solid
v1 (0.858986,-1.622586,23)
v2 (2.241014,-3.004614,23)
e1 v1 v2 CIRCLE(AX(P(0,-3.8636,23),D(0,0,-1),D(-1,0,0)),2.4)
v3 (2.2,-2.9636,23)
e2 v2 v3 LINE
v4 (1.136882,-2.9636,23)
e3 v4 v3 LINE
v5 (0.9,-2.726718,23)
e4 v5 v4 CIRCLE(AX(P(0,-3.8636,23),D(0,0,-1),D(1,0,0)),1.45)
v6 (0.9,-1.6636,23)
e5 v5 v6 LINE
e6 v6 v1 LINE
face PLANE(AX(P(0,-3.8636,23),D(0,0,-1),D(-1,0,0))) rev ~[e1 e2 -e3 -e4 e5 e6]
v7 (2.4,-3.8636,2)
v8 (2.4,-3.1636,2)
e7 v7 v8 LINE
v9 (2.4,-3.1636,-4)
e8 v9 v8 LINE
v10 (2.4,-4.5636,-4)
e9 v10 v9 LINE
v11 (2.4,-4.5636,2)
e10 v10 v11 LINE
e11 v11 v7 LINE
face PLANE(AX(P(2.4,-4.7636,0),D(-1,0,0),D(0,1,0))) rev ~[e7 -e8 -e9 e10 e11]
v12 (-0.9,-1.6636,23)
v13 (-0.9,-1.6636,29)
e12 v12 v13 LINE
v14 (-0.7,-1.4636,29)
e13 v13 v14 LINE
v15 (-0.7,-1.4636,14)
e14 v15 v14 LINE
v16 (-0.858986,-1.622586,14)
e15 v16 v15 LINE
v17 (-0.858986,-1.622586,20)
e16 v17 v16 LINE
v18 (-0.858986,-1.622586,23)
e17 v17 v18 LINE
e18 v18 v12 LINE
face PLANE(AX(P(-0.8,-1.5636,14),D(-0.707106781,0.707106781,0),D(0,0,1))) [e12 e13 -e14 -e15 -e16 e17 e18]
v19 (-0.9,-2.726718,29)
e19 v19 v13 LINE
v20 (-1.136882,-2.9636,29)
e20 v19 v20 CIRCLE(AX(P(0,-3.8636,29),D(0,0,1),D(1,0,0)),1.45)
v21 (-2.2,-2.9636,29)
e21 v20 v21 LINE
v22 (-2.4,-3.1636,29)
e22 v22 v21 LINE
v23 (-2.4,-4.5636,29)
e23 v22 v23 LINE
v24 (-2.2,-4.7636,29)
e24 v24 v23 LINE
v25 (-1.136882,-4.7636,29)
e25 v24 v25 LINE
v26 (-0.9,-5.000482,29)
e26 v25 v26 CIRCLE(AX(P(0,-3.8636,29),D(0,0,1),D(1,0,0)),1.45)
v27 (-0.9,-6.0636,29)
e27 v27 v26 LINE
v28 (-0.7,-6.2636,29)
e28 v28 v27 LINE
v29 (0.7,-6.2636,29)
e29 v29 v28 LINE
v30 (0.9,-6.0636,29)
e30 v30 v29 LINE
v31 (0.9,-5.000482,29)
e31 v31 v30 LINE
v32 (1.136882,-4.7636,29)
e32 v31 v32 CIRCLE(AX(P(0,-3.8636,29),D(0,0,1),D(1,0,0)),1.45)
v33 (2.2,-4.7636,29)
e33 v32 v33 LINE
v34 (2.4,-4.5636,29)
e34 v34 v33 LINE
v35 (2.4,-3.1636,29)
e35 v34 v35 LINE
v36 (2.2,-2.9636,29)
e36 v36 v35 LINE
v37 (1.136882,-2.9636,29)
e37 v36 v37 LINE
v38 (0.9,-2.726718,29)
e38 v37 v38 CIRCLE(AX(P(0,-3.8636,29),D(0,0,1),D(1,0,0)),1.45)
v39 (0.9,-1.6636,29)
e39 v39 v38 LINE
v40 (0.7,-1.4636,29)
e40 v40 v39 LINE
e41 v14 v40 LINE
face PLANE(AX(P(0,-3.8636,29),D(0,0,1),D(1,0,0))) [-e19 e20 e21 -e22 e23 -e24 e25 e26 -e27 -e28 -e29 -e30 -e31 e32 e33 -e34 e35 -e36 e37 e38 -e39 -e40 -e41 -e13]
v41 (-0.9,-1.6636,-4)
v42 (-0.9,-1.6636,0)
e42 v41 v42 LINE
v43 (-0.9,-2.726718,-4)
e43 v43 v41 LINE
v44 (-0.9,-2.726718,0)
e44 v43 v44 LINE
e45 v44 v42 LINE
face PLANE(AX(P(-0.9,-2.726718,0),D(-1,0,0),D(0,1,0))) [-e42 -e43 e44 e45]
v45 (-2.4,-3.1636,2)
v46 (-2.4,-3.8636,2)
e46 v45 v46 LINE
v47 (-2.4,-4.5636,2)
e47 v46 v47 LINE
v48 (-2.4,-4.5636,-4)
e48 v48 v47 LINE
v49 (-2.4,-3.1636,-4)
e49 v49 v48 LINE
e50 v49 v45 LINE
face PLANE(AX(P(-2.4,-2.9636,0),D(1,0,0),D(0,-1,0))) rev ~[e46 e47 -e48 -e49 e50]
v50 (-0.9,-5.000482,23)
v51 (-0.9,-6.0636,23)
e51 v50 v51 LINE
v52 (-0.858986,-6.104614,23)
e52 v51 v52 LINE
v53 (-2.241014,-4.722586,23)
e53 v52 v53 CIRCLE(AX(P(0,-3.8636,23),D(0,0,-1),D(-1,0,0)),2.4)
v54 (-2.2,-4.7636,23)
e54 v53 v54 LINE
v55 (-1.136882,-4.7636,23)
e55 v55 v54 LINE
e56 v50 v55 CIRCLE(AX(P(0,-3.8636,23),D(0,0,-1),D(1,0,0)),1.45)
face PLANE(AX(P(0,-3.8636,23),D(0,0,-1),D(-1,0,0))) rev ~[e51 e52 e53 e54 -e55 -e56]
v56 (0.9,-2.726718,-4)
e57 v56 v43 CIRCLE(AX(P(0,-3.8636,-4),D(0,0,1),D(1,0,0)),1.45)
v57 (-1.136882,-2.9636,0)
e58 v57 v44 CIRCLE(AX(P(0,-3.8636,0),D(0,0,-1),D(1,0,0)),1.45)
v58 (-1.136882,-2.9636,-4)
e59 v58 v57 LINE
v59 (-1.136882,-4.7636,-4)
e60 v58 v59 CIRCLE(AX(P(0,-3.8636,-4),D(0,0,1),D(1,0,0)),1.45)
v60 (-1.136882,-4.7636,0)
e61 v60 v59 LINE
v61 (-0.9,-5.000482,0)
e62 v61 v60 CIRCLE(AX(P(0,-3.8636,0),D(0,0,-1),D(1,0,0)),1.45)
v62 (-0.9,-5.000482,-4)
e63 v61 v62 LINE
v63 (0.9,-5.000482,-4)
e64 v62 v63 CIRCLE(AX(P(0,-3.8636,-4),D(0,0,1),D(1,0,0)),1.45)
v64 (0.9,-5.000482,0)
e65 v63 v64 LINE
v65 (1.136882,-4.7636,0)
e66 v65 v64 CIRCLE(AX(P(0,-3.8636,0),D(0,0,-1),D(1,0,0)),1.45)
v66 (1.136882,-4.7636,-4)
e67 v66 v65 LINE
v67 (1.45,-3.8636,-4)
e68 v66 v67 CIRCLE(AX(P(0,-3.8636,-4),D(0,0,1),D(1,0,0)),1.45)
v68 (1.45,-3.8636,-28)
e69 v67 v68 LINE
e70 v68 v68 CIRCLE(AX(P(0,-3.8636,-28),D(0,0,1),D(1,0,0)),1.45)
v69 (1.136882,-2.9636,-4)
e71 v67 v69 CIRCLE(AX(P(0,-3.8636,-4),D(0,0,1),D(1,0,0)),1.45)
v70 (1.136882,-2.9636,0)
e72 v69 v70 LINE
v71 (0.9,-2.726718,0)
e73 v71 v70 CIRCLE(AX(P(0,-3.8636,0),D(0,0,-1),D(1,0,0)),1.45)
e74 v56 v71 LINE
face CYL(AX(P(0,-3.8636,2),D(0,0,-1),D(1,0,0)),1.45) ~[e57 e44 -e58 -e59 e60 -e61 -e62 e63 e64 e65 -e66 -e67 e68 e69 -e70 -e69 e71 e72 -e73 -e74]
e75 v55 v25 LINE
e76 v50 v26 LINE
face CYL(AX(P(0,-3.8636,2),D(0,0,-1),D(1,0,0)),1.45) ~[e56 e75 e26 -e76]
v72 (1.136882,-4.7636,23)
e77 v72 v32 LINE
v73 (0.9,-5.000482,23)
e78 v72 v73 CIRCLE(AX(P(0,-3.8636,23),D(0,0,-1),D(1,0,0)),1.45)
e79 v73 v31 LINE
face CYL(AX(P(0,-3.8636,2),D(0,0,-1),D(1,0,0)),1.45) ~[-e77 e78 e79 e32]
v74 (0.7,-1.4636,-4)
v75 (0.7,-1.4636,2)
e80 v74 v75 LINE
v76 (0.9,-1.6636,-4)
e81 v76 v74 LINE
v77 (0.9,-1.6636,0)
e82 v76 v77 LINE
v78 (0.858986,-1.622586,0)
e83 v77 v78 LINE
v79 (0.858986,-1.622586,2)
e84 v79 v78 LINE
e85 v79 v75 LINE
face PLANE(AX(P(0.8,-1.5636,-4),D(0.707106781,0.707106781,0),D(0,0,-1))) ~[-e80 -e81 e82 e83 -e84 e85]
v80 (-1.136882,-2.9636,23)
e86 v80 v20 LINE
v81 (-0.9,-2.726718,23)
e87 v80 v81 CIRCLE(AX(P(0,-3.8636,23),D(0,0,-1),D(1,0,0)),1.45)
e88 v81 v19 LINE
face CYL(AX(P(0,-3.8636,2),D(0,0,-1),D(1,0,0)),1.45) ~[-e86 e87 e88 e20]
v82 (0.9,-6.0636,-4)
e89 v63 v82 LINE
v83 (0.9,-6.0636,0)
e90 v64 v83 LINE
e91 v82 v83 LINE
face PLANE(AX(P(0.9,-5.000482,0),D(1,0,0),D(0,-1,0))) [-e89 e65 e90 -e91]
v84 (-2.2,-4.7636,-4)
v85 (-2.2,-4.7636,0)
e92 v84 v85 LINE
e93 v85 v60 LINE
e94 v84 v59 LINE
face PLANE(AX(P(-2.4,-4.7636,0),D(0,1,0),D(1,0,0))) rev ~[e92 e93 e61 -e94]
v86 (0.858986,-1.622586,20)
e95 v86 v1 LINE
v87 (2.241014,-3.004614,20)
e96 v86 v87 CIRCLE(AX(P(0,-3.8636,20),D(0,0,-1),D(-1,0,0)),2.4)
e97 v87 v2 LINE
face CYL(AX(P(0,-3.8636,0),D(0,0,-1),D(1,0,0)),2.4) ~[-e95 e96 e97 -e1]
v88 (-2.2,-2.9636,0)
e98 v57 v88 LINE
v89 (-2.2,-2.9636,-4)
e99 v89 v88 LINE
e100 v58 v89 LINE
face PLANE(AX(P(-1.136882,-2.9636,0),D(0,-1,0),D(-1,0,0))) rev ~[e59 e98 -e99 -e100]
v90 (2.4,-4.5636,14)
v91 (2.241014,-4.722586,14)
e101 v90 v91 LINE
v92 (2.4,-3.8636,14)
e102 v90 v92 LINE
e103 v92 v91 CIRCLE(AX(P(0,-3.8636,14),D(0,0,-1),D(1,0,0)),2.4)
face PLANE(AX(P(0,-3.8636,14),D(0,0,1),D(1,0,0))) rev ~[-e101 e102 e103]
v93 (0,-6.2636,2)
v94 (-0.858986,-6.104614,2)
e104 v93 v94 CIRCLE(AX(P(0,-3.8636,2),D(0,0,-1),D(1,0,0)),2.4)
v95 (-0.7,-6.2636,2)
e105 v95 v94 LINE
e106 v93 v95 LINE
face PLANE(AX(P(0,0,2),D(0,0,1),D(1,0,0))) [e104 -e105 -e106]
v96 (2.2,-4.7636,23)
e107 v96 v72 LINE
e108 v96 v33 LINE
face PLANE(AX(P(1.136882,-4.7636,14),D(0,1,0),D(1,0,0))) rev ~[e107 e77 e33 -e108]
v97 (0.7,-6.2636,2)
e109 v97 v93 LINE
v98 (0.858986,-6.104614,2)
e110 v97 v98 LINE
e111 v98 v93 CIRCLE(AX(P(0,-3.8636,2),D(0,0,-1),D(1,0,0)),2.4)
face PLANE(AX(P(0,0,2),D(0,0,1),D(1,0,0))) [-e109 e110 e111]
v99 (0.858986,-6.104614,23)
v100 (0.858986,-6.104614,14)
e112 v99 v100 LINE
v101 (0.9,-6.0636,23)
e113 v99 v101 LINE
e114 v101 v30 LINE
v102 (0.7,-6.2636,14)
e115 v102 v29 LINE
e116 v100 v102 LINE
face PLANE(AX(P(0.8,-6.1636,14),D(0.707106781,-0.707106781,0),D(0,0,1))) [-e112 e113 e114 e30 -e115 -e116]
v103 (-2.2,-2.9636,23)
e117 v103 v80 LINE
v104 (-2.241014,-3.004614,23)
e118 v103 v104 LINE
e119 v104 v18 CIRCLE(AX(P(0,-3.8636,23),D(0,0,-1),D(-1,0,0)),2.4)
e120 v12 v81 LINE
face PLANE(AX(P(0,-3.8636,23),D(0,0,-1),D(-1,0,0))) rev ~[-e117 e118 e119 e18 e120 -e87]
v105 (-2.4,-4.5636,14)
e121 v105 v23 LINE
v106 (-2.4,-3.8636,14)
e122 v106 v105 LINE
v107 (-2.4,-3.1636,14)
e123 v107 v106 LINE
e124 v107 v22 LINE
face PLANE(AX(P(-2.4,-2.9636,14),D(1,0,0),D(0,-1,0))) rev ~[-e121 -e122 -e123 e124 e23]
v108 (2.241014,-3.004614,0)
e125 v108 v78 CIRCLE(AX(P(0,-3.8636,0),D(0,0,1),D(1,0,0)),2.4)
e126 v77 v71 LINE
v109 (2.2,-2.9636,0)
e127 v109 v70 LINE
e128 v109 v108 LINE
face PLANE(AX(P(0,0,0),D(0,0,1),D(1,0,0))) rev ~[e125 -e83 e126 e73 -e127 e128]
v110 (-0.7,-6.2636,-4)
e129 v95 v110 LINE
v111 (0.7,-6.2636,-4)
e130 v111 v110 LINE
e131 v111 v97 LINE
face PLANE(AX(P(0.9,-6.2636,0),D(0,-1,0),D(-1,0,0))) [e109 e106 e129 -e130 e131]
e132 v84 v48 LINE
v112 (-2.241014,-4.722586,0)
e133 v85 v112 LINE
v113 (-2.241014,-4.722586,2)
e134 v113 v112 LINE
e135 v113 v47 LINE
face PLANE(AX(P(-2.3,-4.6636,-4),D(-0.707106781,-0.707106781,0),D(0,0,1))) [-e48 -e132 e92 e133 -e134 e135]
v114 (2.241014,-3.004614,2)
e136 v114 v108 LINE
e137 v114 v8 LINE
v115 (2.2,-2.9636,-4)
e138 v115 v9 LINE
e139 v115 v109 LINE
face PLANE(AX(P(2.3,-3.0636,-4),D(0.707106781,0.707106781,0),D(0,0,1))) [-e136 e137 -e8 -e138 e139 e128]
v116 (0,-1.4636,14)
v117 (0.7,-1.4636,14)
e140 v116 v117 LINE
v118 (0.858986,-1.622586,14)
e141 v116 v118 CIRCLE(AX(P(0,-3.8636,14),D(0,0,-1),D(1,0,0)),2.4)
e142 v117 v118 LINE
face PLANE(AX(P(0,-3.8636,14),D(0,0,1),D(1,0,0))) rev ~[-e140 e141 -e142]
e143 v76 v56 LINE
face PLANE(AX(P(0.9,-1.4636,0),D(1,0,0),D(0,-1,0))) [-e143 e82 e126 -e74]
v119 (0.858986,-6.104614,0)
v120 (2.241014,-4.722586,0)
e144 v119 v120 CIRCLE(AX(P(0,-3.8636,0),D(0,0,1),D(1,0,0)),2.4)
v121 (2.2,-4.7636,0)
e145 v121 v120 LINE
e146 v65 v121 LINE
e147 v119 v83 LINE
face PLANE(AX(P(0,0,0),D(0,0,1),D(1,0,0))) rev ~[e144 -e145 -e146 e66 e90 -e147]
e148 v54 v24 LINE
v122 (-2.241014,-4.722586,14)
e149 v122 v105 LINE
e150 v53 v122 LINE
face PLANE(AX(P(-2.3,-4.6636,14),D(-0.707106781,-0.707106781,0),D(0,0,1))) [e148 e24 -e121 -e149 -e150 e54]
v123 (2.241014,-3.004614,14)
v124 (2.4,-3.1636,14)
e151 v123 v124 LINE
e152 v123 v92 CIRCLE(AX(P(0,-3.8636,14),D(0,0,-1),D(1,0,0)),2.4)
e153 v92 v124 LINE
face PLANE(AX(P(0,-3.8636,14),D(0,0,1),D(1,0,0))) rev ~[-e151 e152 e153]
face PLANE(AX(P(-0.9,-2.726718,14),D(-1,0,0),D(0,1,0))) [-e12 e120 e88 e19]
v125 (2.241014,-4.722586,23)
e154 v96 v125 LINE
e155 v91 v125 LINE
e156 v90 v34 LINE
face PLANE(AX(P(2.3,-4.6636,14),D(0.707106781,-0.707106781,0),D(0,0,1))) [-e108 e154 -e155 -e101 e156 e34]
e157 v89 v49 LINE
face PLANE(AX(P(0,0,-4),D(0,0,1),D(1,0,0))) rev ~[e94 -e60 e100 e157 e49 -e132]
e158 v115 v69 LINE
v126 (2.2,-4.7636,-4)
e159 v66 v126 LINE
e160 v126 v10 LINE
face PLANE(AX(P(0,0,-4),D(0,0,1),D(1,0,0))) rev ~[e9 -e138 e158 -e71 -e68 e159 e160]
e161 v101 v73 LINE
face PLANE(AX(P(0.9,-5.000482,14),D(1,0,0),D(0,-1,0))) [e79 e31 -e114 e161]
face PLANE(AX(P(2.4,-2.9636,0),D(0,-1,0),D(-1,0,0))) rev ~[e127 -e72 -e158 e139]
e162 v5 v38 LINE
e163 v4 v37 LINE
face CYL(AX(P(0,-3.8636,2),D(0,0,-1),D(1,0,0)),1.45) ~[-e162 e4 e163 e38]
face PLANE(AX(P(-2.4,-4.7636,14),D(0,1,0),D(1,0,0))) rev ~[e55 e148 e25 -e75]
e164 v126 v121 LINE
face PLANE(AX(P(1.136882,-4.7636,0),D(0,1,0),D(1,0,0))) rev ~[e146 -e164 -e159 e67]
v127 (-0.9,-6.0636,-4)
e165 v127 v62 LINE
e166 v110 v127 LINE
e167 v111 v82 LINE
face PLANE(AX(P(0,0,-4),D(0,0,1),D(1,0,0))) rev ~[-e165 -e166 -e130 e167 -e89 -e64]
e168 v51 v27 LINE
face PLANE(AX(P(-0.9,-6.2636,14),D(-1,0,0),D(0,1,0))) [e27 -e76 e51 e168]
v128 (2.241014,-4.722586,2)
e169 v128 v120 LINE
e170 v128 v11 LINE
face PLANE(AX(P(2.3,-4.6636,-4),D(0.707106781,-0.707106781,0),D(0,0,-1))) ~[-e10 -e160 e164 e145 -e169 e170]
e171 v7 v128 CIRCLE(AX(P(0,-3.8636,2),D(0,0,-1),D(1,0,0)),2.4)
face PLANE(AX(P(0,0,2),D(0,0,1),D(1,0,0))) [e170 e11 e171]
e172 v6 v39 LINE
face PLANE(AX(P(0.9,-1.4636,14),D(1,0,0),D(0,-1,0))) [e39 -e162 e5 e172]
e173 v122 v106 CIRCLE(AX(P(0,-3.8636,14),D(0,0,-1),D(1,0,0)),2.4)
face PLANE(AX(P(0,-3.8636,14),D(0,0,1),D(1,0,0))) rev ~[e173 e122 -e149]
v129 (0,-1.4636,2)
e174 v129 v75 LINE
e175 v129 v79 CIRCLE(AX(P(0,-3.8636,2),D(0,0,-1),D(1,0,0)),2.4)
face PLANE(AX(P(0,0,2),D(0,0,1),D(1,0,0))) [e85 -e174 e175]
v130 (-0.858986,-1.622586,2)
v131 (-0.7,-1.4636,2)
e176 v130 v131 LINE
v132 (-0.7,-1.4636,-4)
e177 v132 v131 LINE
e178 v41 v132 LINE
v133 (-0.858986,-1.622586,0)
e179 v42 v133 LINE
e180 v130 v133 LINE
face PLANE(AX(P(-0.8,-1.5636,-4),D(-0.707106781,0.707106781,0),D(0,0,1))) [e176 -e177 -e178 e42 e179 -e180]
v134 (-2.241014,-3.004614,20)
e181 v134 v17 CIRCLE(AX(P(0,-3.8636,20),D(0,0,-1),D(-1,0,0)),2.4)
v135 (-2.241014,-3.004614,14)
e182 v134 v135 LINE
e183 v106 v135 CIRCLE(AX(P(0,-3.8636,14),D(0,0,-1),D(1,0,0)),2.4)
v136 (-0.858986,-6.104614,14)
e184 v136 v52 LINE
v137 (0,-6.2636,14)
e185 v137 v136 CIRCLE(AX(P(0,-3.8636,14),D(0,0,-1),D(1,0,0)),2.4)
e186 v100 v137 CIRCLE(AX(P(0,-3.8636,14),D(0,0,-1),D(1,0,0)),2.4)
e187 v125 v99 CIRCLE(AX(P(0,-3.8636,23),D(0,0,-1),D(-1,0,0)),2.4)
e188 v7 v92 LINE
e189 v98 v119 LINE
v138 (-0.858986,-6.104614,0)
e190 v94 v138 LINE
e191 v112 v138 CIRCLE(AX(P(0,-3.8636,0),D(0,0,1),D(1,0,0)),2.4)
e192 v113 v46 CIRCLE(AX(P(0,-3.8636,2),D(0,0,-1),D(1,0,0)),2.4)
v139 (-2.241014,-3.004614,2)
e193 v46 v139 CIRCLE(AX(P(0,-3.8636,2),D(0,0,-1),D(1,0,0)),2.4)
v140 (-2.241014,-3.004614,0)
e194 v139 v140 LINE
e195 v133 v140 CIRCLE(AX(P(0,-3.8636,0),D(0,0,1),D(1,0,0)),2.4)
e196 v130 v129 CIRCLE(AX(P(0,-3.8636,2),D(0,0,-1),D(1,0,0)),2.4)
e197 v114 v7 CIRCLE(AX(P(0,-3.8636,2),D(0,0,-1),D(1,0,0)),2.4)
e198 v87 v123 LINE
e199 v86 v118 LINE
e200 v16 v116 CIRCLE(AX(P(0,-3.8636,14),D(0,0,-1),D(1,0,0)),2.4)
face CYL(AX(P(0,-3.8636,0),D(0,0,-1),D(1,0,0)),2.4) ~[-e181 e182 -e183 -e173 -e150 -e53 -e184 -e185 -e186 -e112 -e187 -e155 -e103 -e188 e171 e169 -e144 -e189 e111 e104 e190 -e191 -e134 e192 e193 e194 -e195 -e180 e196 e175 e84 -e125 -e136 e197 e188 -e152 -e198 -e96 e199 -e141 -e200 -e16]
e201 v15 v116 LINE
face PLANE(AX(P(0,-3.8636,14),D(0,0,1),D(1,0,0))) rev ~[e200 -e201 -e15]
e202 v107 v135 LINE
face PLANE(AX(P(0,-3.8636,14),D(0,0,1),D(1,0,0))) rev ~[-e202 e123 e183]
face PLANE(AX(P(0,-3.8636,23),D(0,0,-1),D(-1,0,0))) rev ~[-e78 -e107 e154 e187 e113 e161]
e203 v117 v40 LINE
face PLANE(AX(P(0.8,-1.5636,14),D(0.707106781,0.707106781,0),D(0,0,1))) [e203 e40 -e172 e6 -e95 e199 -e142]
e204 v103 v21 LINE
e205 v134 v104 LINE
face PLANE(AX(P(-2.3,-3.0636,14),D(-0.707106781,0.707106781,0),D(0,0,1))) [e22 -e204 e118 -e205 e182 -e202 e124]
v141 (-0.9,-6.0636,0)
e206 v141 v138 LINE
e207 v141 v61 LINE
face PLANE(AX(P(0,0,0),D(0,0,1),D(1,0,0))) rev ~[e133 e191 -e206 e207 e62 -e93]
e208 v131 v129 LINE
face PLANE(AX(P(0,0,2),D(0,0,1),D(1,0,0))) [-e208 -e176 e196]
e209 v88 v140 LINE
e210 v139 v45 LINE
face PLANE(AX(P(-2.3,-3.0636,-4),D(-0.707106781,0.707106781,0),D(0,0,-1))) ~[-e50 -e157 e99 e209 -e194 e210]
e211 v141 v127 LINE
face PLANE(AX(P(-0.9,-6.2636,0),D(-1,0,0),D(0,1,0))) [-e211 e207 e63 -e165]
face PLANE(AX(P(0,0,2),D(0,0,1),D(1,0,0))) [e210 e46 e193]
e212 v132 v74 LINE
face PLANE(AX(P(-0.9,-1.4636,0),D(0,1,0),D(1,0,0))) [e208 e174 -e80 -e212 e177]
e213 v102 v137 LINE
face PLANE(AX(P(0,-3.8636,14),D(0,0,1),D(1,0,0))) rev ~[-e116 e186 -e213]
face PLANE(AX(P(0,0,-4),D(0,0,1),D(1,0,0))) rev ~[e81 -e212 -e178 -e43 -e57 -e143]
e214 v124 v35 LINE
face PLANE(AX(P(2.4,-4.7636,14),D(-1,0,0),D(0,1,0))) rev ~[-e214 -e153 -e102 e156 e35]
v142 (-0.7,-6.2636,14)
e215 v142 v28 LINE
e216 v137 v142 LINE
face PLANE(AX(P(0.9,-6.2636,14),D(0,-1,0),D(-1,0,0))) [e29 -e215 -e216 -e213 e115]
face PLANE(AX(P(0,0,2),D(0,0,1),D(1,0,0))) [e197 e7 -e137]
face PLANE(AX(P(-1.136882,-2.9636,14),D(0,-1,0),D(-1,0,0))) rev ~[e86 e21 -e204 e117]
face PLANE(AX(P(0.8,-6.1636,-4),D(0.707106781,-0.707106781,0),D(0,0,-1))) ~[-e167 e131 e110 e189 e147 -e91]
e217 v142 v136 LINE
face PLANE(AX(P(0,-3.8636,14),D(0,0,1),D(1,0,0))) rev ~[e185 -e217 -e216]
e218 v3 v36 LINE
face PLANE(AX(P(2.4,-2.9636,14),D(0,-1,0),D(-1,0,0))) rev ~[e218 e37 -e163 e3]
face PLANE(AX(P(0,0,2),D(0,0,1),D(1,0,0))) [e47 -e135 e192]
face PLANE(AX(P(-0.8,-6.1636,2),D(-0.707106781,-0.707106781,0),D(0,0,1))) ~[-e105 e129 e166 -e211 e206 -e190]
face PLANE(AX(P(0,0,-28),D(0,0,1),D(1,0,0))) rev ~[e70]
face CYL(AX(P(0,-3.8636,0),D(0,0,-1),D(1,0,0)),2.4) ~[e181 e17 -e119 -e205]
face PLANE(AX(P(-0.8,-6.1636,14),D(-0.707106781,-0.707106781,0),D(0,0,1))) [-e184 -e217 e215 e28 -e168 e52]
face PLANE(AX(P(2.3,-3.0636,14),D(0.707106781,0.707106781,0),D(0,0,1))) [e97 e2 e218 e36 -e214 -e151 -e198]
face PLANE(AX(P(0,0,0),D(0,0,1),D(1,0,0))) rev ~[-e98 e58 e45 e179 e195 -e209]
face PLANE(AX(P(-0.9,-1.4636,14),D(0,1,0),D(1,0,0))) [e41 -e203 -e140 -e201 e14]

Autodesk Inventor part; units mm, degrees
ref_plane "YZ Plane" through (0, 0, 0) normal (1, 0, 0) x (0, 1, 0)
sketch "Boceto2" plane through (0, 0, 0) normal (0, 0, 1) x (1, 0, 0)
  line L0 (0.9, -6.2636) -> (-0.9, -6.2636)
  line L1 (-0.9, -6.2636) -> (-0.9, -1.4636)
  line L2 (-0.9, -1.4636) -> (0.9, -1.4636)
  line L3 (0.9, -1.4636) -> (0.9, -6.2636)
  line L4 (0.9, -6.2636) -> (-0.9, -1.4636) construction
  line L5 (-0.9, -6.2636) -> (0.9, -1.4636) construction
  line L6 (-2.4, -4.7636) -> (2.4, -4.7636)
  line L7 (2.4, -4.7636) -> (2.4, -2.9636)
  line L8 (2.4, -2.9636) -> (-2.4, -2.9636)
  line L9 (-2.4, -2.9636) -> (-2.4, -4.7636)
  line L10 (-2.4, -4.7636) -> (2.4, -2.9636) construction
  line L11 (2.4, -4.7636) -> (-2.4, -2.9636) construction
  circle A0 centre (0, -3.8636) radius 1.45
  point P0 (0, 0)
  point P1 (1.1369, -2.9636)
  point P2 (0.9, -2.7267)
  point P3 (-0.9, -2.7267)
  point P4 (-1.1369, -2.9636)
  point P5 (-1.1369, -4.7636)
  point P6 (-0.9, -5.0005)
  point P7 (0.9, -5.0005)
  point P8 (1.1369, -4.7636)
  dimension "d0" = 4.8
  dimension "d1" = 1.8
  dimension "d2" = 1.8
  dimension "d3" = 4.8
  dimension "d4" = 2.9
extrude "Extrusión1" add sketch "Boceto2" along normal blind 2 and the other way blind 4
sketch "Boceto3" plane through (0, 0, 2) normal (0, 0, 1) x (1, 0, 0)
  arc A0 (-0.9, -2.7267) -> (-1.1369, -2.9636) centre (0, -3.8636) ccw construction
  circle A1 centre (0, -3.8636) radius 1.45
  arc A2 (1.1369, -2.9636) -> (0.9, -2.7267) centre (0, -3.8636) ccw construction
  point P0 (0, 0)
  point P1 (1.0253, -2.8383)
extrude "Extrusión2" add sketch "Boceto3" along normal blind 12 and the other way blind 30
sketch "Boceto4" plane through (0, -3.8636, 14) normal (0, 0, 1) x (1, 0, 0)
  circle A0 centre (0, 0) radius 1.45 construction
  circle A1 centre (0, 0) radius 1.45
  line L0 (-0.9, 2.4) -> (0.9, 2.4) construction
  line L1 (0.9, -2.4) -> (-0.9, -2.4)
  line L2 (-0.9, -2.4) -> (-0.9, 2.4)
  line L3 (-0.9, 2.4) -> (0.9, 2.4)
  line L4 (0.9, 2.4) -> (0.9, -2.4)
  line L5 (0.9, -2.4) -> (-0.9, 2.4) construction
  line L6 (-0.9, -2.4) -> (0.9, 2.4) construction
  line L7 (2.4, 0.9) -> (-2.4, 0.9)
  line L8 (-2.4, 0.9) -> (-2.4, -0.9)
  line L9 (-2.4, -0.9) -> (2.4, -0.9)
  line L10 (2.4, -0.9) -> (2.4, 0.9)
  line L11 (2.4, 0.9) -> (-2.4, -0.9) construction
  line L12 (-2.4, 0.9) -> (2.4, -0.9) construction
  point P0 (1.1369, 0.9)
  point P1 (0.9, 1.1369)
  point P2 (-0.9, 1.1369)
  point P3 (-1.1369, 0.9)
  point P4 (-1.1369, -0.9)
  point P5 (-0.9, -1.1369)
  point P6 (0.9, -1.1369)
  point P7 (1.1369, -0.9)
extrude "Extrusión3" add sketch "Boceto4" along normal blind 15
chamfer "Chaflán1" distance 0.2 angle 45 16 edges at (0.9, -1.4636, -1) (-0.9, -1.4636, -1) (-2.4, -2.9636, -1) (-2.4, -4.7636, -1) (-0.9, -6.2636, -1) (0.9, -6.2636, -1) (2.4, -4.7636, -1) (2.4, -2.9636, -1) (2.4, -2.9636, 21.5) (0.9, -1.4636, 21.5) (-0.9, -1.4636, 21.5) (-2.4, -2.9636, 21.5) (-2.4, -4.7636, 21.5) (-0.9, -6.2636, 21.5) (0.9, -6.2636, 21.5) (2.4, -4.7636, 21.5)
ref_plane "Plano de trabajo1" through (0, -3.8636, 23) normal (0, 0, -1) x (-1, 0, 0)
sketch "Boceto5" plane through (0, -3.8636, 23) normal (0, 0, -1) x (-1, 0, 0)
  circle A0 centre (0, 0) radius 1.45 construction
  circle A1 centre (0, 0) radius 2.4
  line L0 (0.7, 2.4) -> (-0.7, 2.4) construction
  point P0 (0, 3.8636)
  point P1 (0, 2.4)
extrude "Extrusión4" add sketch "Boceto5" along normal blind 3
ref_plane "Plano de trabajo2" through (0, 0, 0) normal (0, 0, 1) x (1, 0, 0)
sketch "Boceto6" plane through (0, 0, 0) normal (0, 0, 1) x (1, 0, 0)
  arc A0 (-0.859, -1.6226) -> (-2.241, -3.0046) centre (0, -3.8636) ccw construction
  circle A1 centre (0, -3.8636) radius 2.4
  line L0 (0.7, -1.4636) -> (-0.7, -1.4636) construction
  point P0 (0, 0)
  point P1 (0, -1.4636)
extrude "Extrusión5" add sketch "Boceto6" along normal up to surface (20 mm away)
properties part number "EjeCilintroSuperiorGarra"
